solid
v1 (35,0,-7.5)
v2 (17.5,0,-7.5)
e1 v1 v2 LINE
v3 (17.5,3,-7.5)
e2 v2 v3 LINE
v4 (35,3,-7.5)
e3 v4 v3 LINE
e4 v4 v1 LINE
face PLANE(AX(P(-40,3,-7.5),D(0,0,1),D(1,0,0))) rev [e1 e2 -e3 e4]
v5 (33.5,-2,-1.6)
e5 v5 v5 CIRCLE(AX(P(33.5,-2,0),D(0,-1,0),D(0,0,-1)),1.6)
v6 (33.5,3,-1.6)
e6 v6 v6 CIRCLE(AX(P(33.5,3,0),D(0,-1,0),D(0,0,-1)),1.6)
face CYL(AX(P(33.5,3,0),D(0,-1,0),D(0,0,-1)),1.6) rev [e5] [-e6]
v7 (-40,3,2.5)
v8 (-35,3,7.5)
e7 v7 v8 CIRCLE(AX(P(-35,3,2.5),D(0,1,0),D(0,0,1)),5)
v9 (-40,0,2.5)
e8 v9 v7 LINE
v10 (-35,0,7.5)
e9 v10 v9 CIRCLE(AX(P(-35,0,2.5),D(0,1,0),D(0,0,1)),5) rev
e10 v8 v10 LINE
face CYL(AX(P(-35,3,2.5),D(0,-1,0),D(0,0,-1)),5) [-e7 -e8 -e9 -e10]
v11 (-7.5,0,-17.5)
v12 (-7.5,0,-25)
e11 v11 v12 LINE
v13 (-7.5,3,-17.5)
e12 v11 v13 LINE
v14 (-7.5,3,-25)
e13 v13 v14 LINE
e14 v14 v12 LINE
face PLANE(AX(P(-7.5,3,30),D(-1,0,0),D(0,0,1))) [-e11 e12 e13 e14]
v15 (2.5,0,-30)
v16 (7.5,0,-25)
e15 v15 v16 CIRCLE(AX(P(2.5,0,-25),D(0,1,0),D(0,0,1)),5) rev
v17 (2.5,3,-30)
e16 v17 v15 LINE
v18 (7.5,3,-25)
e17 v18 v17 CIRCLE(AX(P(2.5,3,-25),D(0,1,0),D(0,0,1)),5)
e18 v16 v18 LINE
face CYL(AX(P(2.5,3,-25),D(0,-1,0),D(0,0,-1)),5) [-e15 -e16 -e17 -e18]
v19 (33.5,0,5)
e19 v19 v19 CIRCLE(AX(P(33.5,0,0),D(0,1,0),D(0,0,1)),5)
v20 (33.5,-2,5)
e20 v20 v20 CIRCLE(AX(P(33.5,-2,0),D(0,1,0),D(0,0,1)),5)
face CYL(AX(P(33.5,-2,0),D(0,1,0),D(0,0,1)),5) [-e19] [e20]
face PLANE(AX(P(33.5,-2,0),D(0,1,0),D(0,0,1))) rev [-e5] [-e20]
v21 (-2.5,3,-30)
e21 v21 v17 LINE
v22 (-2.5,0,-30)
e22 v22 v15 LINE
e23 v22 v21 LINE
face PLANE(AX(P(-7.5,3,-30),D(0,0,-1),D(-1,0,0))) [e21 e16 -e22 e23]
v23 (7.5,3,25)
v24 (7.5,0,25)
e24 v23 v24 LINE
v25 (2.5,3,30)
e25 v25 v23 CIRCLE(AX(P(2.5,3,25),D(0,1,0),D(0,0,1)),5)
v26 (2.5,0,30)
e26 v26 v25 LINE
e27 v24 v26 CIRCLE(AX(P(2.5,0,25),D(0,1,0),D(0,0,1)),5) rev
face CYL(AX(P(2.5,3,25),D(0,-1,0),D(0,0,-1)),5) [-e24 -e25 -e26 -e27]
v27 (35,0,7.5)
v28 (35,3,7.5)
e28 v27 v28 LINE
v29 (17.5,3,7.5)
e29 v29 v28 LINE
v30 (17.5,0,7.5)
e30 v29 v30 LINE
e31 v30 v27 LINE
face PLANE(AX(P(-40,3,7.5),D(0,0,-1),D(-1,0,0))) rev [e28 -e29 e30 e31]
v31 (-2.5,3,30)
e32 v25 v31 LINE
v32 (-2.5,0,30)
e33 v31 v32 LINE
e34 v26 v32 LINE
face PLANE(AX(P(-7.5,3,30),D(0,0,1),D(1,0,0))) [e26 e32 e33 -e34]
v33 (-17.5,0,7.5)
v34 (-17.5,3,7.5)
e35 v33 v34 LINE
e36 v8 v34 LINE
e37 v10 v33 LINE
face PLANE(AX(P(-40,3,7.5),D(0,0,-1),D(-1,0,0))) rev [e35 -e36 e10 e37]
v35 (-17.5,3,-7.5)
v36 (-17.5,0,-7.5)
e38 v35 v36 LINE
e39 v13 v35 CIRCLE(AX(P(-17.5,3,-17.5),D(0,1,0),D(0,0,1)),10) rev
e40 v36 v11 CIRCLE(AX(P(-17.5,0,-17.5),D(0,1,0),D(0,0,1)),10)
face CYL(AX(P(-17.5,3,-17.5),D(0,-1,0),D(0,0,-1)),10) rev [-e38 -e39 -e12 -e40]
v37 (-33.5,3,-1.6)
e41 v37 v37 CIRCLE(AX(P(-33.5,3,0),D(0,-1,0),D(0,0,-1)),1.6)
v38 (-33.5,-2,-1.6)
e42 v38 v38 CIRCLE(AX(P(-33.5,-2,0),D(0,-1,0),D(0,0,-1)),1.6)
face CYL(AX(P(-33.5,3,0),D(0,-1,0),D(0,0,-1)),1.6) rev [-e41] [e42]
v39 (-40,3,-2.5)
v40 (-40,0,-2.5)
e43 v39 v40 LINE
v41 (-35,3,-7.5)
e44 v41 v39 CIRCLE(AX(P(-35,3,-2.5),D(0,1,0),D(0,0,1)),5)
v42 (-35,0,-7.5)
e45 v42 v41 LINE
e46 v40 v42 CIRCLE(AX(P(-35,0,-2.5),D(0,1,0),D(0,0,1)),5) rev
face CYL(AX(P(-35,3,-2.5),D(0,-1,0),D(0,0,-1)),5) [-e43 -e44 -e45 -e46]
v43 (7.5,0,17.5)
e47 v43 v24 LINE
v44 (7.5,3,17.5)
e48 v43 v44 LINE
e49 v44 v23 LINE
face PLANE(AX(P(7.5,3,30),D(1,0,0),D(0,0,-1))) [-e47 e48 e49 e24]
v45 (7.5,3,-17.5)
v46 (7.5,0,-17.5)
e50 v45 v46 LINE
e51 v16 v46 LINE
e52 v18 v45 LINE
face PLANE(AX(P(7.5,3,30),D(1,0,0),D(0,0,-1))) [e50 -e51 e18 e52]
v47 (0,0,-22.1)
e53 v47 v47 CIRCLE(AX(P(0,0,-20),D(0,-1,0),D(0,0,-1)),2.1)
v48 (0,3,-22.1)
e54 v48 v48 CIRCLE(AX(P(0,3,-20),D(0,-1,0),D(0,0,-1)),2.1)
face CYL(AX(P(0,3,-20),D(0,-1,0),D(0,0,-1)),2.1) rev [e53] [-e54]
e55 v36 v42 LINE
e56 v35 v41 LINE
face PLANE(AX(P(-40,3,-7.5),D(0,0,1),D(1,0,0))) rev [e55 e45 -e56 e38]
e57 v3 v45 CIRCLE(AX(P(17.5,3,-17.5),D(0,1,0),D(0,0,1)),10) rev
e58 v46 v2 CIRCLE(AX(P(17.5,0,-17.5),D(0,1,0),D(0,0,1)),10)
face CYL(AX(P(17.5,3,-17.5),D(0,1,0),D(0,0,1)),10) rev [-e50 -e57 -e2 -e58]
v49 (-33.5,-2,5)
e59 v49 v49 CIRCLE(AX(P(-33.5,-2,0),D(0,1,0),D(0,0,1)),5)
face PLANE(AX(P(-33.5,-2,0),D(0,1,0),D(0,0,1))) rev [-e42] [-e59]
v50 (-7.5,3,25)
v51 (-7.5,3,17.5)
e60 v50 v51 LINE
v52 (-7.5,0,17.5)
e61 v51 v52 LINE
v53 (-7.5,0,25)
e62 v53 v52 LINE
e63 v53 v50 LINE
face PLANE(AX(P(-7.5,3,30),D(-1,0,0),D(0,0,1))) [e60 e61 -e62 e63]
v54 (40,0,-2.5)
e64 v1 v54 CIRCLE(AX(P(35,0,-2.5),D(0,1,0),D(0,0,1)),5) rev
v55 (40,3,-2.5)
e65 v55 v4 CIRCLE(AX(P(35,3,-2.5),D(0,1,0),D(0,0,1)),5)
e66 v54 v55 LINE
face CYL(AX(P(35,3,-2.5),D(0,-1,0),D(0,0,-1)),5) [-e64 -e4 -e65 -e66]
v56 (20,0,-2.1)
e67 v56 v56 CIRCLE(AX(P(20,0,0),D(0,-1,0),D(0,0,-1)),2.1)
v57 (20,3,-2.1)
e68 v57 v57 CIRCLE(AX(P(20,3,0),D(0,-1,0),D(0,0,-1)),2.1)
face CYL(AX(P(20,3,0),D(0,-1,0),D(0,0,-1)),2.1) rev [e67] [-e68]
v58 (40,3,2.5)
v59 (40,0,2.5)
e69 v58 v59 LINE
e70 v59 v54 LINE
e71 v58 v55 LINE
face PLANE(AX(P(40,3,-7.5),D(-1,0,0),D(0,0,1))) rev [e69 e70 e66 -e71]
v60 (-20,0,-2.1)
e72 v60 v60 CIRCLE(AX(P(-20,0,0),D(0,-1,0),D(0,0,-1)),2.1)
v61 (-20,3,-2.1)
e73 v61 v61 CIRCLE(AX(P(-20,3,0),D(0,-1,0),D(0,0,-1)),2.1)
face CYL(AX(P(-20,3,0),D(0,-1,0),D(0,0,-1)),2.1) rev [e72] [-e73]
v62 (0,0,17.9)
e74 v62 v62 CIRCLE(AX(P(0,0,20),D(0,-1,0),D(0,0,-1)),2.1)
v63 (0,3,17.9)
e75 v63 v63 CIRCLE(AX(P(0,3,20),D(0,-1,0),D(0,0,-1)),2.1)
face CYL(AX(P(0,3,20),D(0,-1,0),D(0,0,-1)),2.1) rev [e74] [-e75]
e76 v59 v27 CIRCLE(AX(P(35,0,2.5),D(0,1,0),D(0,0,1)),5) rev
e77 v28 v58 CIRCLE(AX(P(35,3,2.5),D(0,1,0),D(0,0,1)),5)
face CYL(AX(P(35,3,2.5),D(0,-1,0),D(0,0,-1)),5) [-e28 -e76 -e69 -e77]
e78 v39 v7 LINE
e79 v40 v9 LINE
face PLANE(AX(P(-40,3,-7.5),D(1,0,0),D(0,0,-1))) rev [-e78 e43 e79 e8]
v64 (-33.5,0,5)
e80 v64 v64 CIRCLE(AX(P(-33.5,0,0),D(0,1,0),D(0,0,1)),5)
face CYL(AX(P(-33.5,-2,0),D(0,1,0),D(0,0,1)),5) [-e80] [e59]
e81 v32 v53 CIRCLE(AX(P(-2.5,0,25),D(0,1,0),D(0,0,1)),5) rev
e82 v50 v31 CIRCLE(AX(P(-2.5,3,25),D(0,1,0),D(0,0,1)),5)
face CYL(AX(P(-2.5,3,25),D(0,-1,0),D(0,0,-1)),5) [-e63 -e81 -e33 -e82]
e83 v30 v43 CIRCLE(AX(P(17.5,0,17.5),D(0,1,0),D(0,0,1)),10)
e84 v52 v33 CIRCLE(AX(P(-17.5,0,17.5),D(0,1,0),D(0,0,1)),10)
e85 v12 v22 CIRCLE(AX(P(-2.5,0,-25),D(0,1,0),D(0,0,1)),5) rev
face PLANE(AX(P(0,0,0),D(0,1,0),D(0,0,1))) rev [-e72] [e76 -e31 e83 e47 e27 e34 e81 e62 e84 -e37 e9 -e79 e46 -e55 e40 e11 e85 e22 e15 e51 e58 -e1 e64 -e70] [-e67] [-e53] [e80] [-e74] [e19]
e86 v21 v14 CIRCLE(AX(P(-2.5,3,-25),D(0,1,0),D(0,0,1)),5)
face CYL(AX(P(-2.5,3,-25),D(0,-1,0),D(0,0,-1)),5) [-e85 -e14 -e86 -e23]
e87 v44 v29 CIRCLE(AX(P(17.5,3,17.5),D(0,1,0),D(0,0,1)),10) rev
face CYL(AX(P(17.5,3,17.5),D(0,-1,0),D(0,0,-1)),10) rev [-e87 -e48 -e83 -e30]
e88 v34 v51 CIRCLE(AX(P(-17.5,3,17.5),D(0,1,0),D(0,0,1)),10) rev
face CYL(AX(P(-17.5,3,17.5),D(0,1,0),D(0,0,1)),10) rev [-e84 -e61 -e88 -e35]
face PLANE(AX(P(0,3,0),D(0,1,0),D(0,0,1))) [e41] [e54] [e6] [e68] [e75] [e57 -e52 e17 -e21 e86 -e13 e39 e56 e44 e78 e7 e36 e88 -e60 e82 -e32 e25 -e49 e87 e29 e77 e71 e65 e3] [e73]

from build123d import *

# Parameters (mm, degrees)
SKETCH_2_W          = 80
SKETCH_2_H          = 15
EXTRUDE_1_DEPTH     = 3
SKETCH_1_R          = 5
EXTRUDE_2_DEPTH     = 2
SKETCH_3_W          = 15
SKETCH_3_H          = 60
EXTRUDE_3_DEPTH     = 3
SKETCH_4_R          = 2.1
CUT_EXTRUDE_4_DEPTH = 4
SKETCH_5_R          = 2.1
CUT_EXTRUDE_5_DEPTH = 4
FILLET_2_R          = 5
SKETCH_6_R          = 1.6
CUT_EXTRUDE_6_DEPTH = 6
FILLET_3_R          = 10


with BuildPart() as part:
    # 草圖2 → 填料-伸長1 (new body)
    with BuildSketch(Plane(origin=(0, 0, 0), x_dir=(1, 0, 0), z_dir=(0, 1, 0))):
        Rectangle(SKETCH_2_W, SKETCH_2_H)
    extrude(amount=EXTRUDE_1_DEPTH)

    # 草圖1 → 填料-伸長2 (add)
    with BuildSketch(Plane(origin=(0, 0, 0), x_dir=(1, 0, 0), z_dir=(0, 1, 0))):
        with Locations((-33.5, 0)):
            Circle(SKETCH_1_R)
        with Locations((33.5, 0)):
            Circle(SKETCH_1_R)
    extrude(amount=-EXTRUDE_2_DEPTH)

    # 草圖3 → 填料-伸長3 (add)
    with BuildSketch(Plane.XZ):
        Rectangle(SKETCH_3_W, SKETCH_3_H)
    extrude(amount=-EXTRUDE_3_DEPTH)

    # 草圖4 → 除料-伸長4 (cut, through all)
    with BuildSketch(Plane.XZ):
        with Locations((0, 20)):
            Circle(SKETCH_4_R)
        with Locations((0, -20)):
            Circle(SKETCH_4_R)
    extrude(amount=-CUT_EXTRUDE_4_DEPTH, mode=Mode.SUBTRACT)

    # 草圖5 → 除料-伸長5 (cut, through all)
    with BuildSketch(Plane.XZ):
        with Locations((-20, 0)):
            Circle(SKETCH_5_R)
        with Locations((20, 0)):
            Circle(SKETCH_5_R)
    extrude(amount=-CUT_EXTRUDE_5_DEPTH, mode=Mode.SUBTRACT)

    # 圓角2
    fillet_2_edges = [part.edges().sort_by_distance(p)[0] for p in [
        (7.5, 1.5, 30),
        (-7.5, 1.5, -30),
        (7.5, 1.5, -30),
        (-7.5, 1.5, 30),
        (40, 1.5, 7.5),
        (-40, 1.5, 7.5),
        (-40, 1.5, -7.5),
        (40, 1.5, -7.5),
    ]]
    fillet(fillet_2_edges, radius=FILLET_2_R)

    # 草圖6 → 除料-伸長6 (cut, through all)
    with BuildSketch(Plane.XZ.offset(2)):
        with Locations((-33.5, 0)):
            Circle(SKETCH_6_R)
        with Locations((33.5, 0)):
            Circle(SKETCH_6_R)
    extrude(amount=-CUT_EXTRUDE_6_DEPTH, mode=Mode.SUBTRACT)

    # 圓角3
    fillet_3_edges = [part.edges().sort_by_distance(p)[0] for p in [
        (7.5, 1.5, -7.5),
        (7.5, 1.5, 7.5),
        (-7.5, 1.5, -7.5),
        (-7.5, 1.5, 7.5),
    ]]
    fillet(fillet_3_edges, radius=FILLET_3_R)


solid = part.part
